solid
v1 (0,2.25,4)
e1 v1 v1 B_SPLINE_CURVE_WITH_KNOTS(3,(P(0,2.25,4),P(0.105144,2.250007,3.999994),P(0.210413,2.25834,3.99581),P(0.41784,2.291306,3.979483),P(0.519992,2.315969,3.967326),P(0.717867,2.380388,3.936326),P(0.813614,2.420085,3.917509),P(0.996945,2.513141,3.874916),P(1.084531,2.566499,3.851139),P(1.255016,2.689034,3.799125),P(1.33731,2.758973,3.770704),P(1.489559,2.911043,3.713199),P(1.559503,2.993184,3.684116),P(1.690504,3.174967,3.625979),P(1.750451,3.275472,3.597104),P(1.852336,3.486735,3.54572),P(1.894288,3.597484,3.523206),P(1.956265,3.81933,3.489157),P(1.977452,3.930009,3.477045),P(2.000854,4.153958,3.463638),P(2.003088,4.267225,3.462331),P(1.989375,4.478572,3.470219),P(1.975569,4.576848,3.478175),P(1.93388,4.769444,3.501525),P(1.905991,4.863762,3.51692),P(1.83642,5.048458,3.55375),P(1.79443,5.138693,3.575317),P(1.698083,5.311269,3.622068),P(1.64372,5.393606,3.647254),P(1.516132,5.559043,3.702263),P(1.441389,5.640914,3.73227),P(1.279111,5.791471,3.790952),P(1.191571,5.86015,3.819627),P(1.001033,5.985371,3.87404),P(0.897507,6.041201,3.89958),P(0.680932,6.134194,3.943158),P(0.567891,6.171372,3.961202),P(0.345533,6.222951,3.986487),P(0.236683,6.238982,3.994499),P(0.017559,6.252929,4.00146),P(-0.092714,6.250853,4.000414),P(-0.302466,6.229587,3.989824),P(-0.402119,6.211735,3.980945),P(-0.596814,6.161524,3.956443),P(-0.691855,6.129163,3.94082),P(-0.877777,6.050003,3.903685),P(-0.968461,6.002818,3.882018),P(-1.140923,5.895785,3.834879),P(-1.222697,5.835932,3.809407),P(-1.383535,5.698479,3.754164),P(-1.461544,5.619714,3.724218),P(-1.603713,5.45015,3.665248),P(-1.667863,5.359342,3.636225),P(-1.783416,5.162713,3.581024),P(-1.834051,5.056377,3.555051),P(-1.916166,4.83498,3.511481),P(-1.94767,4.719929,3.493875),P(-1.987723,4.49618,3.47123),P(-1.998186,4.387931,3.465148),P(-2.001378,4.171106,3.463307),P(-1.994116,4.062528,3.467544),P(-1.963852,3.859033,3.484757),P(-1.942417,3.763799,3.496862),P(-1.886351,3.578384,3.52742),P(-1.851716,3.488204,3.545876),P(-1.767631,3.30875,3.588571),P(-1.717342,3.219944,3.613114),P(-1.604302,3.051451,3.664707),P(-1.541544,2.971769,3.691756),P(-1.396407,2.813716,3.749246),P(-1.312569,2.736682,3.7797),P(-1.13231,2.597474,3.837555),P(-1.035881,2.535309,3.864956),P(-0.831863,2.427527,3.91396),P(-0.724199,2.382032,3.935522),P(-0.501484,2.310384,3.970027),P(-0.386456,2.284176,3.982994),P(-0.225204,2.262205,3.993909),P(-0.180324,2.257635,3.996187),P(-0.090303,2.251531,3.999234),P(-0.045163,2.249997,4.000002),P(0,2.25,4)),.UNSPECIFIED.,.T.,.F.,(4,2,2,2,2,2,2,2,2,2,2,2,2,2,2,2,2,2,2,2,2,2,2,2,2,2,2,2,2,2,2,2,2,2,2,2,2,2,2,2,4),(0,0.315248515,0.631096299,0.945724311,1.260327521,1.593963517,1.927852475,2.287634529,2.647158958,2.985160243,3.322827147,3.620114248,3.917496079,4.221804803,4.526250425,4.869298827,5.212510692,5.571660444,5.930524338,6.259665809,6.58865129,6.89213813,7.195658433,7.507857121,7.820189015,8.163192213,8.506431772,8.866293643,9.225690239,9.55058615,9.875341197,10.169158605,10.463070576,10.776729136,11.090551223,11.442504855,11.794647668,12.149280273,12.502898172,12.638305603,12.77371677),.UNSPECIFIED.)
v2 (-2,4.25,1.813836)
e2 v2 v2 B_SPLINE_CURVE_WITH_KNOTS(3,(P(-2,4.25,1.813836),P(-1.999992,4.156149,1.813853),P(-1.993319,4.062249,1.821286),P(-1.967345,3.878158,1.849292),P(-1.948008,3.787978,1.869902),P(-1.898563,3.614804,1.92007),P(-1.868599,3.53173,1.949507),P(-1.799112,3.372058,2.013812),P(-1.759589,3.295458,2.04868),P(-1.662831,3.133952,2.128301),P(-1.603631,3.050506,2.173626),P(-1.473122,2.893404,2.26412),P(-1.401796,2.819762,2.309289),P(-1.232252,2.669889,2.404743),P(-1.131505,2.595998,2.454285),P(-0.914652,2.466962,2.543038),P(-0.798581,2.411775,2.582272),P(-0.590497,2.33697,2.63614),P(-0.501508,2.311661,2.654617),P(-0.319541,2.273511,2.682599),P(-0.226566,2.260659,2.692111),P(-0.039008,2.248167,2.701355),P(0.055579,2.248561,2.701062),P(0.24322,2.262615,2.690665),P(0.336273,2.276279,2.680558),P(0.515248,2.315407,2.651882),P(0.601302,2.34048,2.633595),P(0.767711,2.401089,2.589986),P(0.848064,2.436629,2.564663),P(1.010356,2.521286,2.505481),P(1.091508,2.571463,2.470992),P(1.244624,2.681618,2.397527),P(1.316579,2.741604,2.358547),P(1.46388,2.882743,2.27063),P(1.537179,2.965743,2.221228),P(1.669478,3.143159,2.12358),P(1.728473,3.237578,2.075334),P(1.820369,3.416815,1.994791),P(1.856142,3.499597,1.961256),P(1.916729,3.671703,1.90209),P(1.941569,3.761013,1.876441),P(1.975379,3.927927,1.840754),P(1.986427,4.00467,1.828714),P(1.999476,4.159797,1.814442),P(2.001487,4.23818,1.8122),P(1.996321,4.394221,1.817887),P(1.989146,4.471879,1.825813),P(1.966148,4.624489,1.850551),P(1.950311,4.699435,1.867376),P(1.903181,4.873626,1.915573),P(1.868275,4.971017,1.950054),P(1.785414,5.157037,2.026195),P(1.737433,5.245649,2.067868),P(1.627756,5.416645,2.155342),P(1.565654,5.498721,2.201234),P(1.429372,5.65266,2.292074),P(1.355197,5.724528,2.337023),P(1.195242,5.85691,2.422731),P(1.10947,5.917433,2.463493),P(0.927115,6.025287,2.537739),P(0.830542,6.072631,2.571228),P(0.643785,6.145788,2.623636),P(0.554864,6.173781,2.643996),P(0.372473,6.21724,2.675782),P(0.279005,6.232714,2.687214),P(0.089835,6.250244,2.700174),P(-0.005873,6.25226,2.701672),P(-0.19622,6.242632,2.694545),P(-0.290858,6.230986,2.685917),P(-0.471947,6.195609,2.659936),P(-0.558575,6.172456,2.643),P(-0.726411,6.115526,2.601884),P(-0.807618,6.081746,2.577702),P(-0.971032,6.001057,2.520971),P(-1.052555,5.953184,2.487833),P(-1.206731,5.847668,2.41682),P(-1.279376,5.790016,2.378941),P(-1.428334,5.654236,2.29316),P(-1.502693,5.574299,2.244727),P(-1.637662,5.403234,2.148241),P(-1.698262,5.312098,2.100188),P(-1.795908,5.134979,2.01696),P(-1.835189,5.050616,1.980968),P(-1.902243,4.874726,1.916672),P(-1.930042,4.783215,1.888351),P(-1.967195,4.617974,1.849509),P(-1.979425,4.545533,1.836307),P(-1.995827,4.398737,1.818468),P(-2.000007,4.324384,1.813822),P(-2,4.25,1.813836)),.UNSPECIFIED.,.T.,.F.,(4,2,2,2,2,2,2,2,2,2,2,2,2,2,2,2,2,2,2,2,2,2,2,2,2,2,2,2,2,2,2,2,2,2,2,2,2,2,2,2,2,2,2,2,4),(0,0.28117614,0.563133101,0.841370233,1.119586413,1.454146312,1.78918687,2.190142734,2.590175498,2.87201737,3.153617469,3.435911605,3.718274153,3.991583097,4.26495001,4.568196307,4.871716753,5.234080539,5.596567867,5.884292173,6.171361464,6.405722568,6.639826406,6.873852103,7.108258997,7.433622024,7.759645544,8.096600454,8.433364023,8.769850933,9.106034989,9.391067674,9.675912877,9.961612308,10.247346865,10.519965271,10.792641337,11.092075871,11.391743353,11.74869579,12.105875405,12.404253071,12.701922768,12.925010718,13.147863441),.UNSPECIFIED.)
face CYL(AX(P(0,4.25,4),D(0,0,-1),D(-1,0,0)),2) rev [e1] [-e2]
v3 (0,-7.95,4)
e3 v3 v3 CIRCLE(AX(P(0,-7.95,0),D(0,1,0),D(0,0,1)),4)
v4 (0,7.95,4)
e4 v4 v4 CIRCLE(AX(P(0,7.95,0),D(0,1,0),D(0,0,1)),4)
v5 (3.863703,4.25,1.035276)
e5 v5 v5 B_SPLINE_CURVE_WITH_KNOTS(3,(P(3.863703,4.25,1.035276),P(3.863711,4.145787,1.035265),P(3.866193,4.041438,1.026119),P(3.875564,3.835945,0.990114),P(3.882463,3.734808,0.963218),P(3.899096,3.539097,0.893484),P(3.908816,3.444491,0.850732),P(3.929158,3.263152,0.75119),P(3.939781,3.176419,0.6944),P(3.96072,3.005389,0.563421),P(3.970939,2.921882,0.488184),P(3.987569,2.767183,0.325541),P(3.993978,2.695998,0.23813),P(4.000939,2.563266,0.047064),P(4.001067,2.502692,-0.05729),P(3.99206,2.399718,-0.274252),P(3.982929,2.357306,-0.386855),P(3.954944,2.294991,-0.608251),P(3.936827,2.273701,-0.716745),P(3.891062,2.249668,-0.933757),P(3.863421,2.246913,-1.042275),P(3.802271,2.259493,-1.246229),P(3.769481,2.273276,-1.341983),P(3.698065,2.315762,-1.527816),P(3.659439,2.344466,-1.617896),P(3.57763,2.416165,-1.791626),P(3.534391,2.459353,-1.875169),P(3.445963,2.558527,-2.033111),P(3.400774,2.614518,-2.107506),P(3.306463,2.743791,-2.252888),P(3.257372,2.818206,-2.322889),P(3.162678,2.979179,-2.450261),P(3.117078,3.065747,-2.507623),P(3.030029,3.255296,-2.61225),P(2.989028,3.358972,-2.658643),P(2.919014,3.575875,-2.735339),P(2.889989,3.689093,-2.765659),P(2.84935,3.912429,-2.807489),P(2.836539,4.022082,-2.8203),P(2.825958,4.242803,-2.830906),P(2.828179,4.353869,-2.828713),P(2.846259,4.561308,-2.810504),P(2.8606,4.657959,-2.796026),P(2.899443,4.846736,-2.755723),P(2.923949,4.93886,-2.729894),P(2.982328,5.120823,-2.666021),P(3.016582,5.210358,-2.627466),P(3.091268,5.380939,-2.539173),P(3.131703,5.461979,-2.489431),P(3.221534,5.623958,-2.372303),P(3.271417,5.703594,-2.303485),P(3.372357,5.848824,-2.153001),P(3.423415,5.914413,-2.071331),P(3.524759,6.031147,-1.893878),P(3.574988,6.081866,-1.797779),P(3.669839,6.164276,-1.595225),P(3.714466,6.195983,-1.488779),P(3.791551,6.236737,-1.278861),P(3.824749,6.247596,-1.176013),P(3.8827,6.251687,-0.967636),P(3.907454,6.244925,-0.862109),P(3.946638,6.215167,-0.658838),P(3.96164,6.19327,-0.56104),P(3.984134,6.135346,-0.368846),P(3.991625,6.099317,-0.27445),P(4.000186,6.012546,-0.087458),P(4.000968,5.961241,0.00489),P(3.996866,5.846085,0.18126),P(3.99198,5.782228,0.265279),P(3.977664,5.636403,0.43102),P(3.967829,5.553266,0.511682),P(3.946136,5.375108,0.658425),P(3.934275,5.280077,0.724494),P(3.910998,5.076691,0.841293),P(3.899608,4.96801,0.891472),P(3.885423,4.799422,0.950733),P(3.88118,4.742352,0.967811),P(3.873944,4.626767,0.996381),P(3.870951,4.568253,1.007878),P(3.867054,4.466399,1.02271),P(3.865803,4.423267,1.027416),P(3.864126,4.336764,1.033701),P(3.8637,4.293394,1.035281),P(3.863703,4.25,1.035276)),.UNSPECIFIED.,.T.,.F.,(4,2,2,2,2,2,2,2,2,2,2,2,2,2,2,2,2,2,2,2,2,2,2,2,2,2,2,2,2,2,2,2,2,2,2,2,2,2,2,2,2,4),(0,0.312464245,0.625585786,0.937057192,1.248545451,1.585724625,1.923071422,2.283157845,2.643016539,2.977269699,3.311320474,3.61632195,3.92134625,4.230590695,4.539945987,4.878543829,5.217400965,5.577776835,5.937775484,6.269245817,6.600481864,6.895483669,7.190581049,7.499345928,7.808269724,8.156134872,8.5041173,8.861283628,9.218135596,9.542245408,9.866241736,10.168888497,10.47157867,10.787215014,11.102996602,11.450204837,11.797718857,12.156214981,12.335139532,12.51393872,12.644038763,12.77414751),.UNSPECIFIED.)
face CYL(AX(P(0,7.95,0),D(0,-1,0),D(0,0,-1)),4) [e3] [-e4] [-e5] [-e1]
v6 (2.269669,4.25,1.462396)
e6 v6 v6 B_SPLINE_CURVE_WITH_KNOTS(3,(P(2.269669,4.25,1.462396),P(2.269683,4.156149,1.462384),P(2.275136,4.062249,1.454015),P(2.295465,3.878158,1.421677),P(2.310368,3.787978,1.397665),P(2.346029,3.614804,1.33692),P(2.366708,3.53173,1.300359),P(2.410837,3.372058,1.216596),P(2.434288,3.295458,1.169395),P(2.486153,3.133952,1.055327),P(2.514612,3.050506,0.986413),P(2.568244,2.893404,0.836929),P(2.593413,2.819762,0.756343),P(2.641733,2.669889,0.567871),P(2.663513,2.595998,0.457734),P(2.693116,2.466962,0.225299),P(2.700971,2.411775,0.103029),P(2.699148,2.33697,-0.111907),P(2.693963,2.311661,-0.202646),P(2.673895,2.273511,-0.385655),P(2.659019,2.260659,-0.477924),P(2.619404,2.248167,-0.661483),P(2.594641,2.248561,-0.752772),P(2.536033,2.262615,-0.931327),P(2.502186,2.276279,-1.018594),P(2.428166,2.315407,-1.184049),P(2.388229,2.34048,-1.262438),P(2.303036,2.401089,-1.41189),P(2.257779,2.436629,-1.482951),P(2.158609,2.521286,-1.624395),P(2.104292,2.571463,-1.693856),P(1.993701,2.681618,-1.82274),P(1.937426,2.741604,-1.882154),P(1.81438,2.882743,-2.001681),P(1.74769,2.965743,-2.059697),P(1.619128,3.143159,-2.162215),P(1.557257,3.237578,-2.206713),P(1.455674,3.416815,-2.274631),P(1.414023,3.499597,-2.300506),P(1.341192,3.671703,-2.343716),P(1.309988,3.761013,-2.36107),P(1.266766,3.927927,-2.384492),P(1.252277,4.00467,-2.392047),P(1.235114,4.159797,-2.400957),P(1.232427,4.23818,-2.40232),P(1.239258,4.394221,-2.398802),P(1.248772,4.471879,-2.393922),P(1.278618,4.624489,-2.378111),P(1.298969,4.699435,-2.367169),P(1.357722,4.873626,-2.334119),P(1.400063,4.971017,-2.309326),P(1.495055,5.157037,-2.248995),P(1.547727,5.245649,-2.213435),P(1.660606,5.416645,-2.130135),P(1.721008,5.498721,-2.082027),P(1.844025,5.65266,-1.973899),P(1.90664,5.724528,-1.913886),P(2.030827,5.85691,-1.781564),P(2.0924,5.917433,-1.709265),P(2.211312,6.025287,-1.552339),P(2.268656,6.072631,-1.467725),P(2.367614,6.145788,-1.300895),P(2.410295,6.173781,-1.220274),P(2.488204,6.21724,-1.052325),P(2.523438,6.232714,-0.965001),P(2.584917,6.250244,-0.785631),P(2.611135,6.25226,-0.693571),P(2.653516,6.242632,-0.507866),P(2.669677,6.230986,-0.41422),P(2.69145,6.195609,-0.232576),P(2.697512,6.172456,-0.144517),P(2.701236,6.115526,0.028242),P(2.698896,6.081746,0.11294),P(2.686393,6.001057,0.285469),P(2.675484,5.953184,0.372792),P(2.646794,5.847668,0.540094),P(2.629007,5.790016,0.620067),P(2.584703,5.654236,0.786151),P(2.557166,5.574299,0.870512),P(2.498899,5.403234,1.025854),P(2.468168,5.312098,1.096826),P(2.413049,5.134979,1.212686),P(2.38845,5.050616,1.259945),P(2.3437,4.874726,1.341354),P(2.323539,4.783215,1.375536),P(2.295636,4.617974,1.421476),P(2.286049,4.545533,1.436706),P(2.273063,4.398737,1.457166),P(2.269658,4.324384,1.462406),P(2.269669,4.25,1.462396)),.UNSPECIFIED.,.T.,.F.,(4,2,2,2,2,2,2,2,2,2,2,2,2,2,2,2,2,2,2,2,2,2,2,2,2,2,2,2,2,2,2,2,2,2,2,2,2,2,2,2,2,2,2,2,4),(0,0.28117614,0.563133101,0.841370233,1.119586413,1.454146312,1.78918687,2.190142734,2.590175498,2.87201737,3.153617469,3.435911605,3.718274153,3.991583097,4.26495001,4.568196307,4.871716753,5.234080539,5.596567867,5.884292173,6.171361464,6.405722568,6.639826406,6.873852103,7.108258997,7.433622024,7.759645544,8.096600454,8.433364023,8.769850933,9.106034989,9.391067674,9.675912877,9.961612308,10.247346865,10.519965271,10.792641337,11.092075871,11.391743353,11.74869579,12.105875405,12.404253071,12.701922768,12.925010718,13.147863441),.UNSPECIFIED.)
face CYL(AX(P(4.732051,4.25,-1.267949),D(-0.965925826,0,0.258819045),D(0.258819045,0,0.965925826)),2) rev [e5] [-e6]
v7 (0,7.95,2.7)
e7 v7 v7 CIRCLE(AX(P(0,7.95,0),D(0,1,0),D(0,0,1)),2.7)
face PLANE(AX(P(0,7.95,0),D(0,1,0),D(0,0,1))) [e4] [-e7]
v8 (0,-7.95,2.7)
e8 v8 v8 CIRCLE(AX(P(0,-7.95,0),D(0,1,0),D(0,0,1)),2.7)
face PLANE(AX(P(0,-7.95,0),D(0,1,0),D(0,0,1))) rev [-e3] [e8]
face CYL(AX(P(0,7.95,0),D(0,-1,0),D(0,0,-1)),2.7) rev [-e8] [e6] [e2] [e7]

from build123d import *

# Parameters (mm, degrees)
SKETCH1_R           = 4
SKETCH1_R_2         = 2.7
BOSS_EXTRUDE1_DEPTH = 7.95
SKETCH2_R           = 2
CUT_EXTRUDE1_DEPTH  = 10.757176846
CIRPATTERN1_COUNT   = 2
CIRPATTERN1_ANGLE   = 105


with BuildPart() as part:
    # Sketch1 → Boss-Extrude1 (new, symmetric)
    with BuildSketch(Plane(origin=(0, 0, 0), x_dir=(1, 0, 0), z_dir=(0, 1, 0))):
        with Locations(Location((0, 0, 0), (0, 0, 270))):
            Circle(SKETCH1_R)
        with Locations(Location((0, 0, 0), (0, 0, 270))):
            Circle(SKETCH1_R_2, mode=Mode.SUBTRACT)
    extrude(amount=BOSS_EXTRUDE1_DEPTH, both=True)

    # Sketch2 → Cut-Extrude1 (cut, through all)
    with BuildSketch(Plane.XY):
        with Locations(Location((0, 4.25, 0), (0, 0, 90.000000002))):
            Circle(SKETCH2_R)
    cut_extrude1 = extrude(amount=CUT_EXTRUDE1_DEPTH, mode=Mode.SUBTRACT)

    # CirPattern1: Cut-Extrude1 ×2 about axis
    cirpattern1_axis = Axis((0, 7.95, 0), (0, 1, 0))
    for i in range(1, CIRPATTERN1_COUNT):
        add(cut_extrude1.rotate(cirpattern1_axis, i * CIRPATTERN1_ANGLE / (CIRPATTERN1_COUNT - 1)), mode=Mode.SUBTRACT)


solid = part.part
